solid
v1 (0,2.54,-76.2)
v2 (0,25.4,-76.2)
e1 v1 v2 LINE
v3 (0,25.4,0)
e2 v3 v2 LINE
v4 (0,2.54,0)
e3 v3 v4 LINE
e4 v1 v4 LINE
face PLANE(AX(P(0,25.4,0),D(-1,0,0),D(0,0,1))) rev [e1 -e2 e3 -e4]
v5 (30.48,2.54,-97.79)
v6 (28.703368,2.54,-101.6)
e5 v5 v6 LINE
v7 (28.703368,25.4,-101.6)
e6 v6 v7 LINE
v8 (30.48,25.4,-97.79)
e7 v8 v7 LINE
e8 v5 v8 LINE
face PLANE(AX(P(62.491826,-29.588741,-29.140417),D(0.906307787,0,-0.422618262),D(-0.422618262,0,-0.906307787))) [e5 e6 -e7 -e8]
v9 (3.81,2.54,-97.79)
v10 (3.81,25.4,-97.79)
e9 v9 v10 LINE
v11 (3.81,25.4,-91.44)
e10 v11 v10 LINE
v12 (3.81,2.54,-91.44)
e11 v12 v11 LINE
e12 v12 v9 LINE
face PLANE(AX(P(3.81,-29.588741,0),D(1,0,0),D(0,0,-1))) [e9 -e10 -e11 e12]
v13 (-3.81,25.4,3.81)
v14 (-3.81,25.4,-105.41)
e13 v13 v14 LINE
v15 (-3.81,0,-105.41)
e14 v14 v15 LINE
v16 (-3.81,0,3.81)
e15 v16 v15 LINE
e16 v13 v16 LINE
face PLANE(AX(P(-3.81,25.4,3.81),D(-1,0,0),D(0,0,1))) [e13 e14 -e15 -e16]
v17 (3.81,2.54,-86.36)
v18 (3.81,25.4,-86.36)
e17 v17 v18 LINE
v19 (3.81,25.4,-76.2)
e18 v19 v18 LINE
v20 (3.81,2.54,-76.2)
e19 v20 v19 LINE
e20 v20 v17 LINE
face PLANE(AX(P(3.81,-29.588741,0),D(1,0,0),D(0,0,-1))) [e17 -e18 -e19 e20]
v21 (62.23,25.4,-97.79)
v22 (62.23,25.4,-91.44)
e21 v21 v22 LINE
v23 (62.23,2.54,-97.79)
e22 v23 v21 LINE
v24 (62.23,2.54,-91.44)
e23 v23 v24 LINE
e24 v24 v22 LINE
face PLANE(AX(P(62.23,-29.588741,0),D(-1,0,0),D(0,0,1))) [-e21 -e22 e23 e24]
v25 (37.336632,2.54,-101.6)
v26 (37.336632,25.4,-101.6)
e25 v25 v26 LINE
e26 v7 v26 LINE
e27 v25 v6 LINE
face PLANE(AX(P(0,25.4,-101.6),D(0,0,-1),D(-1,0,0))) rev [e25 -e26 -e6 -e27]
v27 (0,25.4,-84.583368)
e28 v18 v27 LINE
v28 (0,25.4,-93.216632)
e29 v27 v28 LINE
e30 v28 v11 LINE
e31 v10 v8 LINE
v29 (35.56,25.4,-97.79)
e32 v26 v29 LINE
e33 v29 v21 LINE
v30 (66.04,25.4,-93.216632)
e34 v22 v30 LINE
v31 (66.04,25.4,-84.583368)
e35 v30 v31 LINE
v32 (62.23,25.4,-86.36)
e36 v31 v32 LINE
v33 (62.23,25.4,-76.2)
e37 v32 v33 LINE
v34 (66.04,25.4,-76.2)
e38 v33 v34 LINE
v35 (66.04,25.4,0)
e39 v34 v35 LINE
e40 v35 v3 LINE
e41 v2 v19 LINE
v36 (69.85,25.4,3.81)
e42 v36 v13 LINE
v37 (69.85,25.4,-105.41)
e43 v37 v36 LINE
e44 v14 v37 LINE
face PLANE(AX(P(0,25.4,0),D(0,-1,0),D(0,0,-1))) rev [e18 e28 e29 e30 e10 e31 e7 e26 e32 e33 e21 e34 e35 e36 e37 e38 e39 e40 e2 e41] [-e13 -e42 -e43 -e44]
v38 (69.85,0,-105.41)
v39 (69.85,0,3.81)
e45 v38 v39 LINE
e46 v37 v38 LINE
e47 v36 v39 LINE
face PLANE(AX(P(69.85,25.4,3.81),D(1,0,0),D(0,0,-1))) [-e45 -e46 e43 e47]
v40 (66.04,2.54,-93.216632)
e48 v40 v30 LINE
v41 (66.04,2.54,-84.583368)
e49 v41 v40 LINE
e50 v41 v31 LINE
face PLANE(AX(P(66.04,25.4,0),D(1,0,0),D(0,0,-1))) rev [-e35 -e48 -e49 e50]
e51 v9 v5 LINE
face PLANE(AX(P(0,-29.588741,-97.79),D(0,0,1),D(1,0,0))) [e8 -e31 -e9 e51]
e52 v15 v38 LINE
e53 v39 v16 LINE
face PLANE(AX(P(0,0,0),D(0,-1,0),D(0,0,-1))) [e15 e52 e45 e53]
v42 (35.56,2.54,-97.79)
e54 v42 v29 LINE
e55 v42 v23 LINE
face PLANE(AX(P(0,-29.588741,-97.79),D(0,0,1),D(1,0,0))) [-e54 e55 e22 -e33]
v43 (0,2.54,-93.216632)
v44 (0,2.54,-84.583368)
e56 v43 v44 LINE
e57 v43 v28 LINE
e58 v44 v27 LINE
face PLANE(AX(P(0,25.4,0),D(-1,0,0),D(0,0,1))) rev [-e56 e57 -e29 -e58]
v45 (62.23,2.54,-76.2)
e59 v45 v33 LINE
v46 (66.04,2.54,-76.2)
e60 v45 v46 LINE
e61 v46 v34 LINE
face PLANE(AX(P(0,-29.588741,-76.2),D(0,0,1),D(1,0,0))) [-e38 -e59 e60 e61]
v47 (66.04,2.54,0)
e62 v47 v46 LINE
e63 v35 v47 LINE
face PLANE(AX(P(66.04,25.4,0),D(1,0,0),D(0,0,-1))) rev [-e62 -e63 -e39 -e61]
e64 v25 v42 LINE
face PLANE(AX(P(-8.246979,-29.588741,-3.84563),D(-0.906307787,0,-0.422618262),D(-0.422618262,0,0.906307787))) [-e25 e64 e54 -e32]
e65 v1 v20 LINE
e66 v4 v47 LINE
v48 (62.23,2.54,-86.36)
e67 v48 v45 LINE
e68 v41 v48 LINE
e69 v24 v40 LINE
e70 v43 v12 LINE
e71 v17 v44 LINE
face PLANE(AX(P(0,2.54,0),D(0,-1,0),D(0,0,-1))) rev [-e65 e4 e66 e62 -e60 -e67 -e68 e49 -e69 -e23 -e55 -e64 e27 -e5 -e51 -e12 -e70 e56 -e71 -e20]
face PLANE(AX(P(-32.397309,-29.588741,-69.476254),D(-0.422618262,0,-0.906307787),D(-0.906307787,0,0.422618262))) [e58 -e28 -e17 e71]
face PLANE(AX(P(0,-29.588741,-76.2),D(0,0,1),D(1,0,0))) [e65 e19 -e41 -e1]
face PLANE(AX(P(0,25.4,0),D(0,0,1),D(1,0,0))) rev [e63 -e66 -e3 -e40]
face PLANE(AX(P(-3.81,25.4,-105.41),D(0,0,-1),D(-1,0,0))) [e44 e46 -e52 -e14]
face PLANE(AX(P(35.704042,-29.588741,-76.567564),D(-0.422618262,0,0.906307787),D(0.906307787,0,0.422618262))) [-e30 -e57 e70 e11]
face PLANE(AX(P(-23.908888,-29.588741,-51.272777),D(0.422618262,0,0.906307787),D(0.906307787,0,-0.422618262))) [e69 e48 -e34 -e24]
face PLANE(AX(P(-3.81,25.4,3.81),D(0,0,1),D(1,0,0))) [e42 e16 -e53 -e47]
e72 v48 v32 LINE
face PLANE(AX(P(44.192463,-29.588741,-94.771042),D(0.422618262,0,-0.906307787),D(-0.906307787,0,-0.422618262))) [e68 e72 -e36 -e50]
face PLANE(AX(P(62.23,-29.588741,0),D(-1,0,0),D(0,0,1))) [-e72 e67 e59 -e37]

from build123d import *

# Parameters (mm, degrees)
SKETCH1_W          = 66.04
SKETCH1_H          = 101.6
BASE_EXTRUDE_DEPTH = 2.54
SKETCH2_W          = 73.66
SKETCH2_H          = 109.22
SKETCH2_W_2        = 66.04
SKETCH2_H_2        = 101.6
WALLS_DEPTH        = 25.4
BUTTON_GUIDE_DEPTH = 22.86


with BuildPart() as part:
    # Sketch1 → Base Extrude (new body)
    with BuildSketch(Plane(origin=(0, 0, 0), x_dir=(1, 0, 0), z_dir=(0, 1, 0))):
        with Locations((33.02, 50.8)):
            Rectangle(SKETCH1_W, SKETCH1_H)
    extrude(amount=BASE_EXTRUDE_DEPTH)

    # Sketch2 → Walls (add)
    with BuildSketch(Plane.XZ):
        with Locations((33.02, -50.8)):
            Rectangle(SKETCH2_W, SKETCH2_H)
        with Locations((33.02, -50.8)):
            Rectangle(SKETCH2_W_2, SKETCH2_H_2, mode=Mode.SUBTRACT)
    extrude(amount=-WALLS_DEPTH)

    # Sketch3 → Button Guide (add)
    with BuildSketch(Plane(origin=(0, 25.4, 0), x_dir=(1, 0, 0), z_dir=(0, 1, 0))):
        Polygon((3.81, 86.36), (0, 84.583367822), (0, 76.2), (3.81, 76.2), align=None)
        Polygon((28.703367822, 101.6), (0, 101.6), (0, 93.216632178), (3.81, 91.44), (3.81, 97.79), (30.48, 97.79), align=None)
        Polygon((66.04, 101.6), (37.336632178, 101.6), (35.56, 97.79), (62.23, 97.79), (62.23, 91.44), (66.04, 93.216632178), align=None)
        Polygon((66.04, 76.2), (66.04, 84.583367822), (62.23, 86.36), (62.23, 76.2), align=None)
    extrude(amount=-BUTTON_GUIDE_DEPTH)


solid = part.part
